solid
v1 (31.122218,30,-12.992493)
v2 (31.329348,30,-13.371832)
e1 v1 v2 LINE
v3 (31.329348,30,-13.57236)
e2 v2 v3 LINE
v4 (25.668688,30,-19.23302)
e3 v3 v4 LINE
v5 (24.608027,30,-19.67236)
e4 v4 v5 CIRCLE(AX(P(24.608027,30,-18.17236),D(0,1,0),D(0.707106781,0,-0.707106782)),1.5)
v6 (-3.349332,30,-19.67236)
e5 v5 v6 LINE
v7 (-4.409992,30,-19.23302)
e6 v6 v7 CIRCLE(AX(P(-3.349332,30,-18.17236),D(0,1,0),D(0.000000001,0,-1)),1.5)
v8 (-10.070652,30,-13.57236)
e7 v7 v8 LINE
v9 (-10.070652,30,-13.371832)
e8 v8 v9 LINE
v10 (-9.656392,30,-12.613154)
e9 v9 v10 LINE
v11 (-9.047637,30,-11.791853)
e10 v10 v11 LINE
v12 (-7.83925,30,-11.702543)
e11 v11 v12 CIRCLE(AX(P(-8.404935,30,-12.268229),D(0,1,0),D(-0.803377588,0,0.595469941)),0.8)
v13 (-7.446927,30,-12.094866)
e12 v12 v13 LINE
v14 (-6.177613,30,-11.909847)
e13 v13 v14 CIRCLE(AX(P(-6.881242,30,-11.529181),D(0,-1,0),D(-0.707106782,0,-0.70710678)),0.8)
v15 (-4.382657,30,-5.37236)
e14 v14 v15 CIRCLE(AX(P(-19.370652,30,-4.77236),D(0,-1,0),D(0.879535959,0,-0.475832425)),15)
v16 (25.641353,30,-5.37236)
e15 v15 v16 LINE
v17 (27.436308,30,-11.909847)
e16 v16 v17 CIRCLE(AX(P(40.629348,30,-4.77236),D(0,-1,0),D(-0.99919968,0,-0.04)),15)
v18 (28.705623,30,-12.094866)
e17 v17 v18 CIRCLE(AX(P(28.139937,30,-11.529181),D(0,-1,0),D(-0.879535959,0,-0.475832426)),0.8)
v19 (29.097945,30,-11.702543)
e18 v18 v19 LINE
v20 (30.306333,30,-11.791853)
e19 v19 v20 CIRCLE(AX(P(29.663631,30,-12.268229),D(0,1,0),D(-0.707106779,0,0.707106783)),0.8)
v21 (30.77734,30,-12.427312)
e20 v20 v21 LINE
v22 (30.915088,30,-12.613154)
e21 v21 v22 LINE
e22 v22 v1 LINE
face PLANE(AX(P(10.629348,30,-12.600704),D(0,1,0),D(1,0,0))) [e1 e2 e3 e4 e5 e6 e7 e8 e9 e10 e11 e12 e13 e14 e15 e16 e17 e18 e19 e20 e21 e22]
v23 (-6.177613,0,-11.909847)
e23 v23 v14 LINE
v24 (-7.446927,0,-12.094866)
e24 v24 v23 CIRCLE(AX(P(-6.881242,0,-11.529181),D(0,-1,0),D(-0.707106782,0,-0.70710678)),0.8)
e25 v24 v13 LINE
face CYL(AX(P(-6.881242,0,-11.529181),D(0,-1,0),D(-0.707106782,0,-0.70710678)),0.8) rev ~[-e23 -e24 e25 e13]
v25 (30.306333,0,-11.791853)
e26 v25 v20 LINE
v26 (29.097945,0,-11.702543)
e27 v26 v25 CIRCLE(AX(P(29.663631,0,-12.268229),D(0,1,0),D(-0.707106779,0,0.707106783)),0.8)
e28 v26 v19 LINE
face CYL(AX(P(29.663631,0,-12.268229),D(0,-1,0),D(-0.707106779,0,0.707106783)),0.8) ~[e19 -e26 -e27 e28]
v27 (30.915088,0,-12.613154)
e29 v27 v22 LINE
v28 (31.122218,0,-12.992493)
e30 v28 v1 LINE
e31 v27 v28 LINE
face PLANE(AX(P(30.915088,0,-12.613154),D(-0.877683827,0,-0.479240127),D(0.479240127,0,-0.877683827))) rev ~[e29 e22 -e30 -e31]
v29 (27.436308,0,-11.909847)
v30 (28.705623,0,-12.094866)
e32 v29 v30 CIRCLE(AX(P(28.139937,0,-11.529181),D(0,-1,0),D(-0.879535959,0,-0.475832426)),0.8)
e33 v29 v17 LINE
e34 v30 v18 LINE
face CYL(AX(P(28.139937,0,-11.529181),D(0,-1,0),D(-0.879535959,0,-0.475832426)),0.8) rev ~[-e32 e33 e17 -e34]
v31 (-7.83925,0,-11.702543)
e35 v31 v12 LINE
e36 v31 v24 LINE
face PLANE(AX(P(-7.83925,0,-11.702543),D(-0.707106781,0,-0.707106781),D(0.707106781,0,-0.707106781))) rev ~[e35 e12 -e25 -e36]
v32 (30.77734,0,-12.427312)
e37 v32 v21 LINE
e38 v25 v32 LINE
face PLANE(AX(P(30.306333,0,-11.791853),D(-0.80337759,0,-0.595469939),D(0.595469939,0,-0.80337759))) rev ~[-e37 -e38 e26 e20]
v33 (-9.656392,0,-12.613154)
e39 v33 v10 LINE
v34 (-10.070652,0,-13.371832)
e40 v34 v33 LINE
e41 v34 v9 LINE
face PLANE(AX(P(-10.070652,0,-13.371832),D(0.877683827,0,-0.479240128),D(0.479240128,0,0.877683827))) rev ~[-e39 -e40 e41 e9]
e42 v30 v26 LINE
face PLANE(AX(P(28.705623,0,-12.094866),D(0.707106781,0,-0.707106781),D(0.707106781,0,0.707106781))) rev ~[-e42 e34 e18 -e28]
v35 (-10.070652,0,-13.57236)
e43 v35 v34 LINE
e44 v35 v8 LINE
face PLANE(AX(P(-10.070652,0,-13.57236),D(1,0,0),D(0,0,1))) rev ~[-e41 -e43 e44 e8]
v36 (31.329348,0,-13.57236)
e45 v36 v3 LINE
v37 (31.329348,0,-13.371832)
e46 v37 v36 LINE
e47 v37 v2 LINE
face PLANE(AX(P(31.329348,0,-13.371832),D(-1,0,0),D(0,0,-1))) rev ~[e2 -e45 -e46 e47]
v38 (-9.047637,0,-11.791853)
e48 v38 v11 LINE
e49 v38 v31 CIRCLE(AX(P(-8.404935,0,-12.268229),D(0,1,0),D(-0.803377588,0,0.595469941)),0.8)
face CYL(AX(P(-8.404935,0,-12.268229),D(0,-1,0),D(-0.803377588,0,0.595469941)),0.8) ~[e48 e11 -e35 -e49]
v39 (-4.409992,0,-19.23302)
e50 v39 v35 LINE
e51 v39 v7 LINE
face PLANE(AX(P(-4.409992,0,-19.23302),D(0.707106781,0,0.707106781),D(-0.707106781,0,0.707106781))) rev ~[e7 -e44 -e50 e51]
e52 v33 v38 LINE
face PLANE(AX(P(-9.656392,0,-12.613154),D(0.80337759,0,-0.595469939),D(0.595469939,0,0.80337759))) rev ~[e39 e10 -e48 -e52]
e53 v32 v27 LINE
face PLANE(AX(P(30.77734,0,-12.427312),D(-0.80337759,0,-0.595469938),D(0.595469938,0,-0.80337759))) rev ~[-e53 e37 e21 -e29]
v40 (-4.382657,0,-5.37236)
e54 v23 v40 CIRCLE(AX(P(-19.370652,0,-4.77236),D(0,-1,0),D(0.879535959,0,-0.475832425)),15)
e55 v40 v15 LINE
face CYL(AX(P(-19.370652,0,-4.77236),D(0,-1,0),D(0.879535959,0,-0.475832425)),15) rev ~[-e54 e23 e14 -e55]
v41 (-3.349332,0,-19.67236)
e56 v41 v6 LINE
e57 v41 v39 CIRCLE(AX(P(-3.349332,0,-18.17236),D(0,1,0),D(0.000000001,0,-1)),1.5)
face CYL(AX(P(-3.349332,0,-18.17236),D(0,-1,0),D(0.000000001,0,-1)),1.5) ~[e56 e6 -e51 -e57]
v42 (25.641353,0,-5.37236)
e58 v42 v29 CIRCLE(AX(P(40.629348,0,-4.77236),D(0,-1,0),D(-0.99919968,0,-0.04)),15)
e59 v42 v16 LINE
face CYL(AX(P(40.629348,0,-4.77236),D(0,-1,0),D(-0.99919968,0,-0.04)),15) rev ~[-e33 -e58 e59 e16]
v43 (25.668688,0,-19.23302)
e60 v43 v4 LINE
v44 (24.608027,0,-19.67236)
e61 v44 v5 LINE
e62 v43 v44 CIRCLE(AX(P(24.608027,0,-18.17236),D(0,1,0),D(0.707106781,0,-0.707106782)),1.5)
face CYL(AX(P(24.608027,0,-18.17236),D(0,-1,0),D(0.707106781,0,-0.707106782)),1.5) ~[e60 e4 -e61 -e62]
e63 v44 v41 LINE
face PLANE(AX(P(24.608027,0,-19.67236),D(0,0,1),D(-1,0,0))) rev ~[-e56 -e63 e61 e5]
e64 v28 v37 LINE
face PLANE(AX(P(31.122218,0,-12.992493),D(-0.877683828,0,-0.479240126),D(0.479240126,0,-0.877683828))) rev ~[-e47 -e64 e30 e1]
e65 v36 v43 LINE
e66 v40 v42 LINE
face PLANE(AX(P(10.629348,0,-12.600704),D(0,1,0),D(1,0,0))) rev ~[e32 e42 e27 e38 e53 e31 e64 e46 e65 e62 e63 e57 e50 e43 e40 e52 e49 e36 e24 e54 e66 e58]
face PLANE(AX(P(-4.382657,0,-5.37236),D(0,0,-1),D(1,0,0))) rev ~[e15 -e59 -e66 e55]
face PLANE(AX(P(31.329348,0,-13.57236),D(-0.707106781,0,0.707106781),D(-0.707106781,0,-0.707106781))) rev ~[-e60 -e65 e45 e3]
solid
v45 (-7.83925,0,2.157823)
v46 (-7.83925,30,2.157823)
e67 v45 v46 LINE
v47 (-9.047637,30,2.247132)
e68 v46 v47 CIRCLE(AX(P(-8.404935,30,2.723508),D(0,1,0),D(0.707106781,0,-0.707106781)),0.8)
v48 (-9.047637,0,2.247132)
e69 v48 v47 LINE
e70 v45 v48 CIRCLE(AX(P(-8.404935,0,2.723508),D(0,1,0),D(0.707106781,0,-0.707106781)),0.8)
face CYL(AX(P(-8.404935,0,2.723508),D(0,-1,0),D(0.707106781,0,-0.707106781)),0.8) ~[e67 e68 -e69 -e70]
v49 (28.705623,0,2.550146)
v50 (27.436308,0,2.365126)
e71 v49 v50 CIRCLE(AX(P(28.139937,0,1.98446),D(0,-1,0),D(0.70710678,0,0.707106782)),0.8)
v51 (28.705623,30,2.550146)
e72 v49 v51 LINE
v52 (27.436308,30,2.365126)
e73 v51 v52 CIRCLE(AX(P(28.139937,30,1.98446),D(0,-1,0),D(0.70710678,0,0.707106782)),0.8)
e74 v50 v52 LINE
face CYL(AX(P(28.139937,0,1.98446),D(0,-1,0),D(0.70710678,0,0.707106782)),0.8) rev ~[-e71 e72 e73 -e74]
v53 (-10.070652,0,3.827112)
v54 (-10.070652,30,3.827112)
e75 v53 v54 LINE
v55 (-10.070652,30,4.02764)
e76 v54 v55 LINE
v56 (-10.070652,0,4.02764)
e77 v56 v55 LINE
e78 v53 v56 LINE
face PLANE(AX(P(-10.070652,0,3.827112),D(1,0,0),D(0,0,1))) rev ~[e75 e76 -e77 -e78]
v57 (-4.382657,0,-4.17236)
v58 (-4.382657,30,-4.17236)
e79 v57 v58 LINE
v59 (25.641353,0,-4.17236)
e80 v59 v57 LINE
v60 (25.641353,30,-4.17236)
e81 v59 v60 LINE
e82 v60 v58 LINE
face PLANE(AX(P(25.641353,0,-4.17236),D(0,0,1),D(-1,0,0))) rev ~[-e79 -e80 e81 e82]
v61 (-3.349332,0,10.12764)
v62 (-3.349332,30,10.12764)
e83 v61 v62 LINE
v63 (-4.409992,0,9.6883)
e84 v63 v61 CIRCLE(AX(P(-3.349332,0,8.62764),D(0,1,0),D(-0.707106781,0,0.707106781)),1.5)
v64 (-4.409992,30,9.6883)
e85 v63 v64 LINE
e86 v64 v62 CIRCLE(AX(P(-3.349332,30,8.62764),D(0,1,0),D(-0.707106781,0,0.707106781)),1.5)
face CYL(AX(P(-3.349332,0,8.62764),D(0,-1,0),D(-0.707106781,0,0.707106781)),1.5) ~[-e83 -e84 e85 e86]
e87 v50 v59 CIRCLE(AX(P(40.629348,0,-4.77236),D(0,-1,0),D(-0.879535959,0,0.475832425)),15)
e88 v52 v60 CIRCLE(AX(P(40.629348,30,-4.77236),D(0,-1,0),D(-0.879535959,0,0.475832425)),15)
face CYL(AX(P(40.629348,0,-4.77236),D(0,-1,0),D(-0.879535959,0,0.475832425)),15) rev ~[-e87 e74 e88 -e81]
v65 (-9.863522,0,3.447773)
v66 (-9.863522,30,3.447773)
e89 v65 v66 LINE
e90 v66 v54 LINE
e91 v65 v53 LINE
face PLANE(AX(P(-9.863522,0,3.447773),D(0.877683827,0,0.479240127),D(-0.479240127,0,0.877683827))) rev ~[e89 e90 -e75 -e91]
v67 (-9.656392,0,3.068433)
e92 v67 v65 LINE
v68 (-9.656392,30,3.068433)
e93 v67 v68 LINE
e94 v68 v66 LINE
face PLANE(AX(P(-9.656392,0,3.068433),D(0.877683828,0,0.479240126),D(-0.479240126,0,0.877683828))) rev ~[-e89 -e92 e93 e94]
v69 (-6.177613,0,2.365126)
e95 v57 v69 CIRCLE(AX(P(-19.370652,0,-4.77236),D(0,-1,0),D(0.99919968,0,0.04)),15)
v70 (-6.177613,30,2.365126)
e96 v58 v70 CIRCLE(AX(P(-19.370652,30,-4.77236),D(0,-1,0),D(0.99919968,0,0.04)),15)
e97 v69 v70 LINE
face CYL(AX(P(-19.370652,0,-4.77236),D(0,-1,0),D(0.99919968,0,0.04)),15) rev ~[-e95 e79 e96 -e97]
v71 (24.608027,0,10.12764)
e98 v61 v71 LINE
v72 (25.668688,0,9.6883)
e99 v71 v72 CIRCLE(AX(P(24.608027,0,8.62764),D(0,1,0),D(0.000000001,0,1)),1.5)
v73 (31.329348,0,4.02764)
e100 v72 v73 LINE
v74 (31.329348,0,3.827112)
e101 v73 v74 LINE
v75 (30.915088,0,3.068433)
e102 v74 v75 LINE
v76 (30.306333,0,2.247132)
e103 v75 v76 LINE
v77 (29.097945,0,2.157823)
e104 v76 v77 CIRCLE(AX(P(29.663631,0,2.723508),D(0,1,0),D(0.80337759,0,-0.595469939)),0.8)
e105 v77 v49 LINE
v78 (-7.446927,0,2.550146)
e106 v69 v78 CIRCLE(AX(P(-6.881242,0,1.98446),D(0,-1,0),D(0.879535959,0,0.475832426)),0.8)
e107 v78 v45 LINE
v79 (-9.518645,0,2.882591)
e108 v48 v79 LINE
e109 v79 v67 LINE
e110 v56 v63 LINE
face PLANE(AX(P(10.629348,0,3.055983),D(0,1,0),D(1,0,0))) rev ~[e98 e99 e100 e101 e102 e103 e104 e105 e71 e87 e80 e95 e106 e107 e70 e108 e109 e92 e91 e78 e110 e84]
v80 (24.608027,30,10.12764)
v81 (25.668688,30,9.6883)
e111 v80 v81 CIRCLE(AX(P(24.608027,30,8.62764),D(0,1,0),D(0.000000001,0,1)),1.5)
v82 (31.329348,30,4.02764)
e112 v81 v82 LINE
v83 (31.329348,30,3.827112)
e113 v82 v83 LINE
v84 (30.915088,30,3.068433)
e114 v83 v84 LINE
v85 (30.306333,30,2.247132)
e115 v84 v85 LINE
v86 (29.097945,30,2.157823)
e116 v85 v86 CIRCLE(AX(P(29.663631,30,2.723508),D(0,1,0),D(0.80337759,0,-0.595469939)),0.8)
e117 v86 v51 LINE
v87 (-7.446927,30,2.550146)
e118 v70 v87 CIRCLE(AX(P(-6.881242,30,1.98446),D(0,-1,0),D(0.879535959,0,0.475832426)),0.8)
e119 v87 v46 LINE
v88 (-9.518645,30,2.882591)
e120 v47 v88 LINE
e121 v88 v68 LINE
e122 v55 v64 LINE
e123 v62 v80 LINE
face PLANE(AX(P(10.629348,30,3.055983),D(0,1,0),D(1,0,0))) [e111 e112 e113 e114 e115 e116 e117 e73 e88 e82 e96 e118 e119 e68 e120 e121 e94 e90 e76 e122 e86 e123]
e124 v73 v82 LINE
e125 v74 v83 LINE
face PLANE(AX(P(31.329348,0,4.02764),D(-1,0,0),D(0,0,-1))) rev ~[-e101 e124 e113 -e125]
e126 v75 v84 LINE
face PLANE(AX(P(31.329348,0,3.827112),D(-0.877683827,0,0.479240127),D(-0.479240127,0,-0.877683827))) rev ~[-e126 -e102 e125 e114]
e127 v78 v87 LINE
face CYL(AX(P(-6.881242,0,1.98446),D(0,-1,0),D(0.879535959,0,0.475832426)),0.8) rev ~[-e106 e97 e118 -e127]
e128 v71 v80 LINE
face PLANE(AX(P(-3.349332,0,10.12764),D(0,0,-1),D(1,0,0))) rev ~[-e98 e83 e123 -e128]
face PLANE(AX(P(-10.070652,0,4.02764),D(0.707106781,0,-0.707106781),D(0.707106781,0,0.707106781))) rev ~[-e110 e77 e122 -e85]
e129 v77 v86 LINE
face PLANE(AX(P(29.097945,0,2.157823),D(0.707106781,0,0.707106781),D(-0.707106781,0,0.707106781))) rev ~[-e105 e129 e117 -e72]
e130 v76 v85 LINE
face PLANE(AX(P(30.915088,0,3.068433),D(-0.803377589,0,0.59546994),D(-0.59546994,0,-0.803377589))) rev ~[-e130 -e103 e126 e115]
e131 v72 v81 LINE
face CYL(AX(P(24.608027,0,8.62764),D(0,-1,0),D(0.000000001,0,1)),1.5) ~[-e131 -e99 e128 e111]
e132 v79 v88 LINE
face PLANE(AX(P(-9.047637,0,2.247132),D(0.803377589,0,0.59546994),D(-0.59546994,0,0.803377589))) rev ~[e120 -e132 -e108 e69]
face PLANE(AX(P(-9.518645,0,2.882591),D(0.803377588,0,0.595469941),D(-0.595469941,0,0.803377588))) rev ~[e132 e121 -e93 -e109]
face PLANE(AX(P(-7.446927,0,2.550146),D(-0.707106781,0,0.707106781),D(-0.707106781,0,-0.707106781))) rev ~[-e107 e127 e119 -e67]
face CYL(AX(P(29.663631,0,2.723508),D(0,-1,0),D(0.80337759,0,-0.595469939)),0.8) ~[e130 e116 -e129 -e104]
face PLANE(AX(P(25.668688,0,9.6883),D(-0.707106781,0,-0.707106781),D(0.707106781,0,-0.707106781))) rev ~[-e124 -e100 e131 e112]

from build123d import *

# Parameters (mm, degrees)
BOSS_EXTRUDE1_DEPTH   = 30
BOSS_EXTRUDE1_2_DEPTH = 30


with BuildPart() as part:
    # Sketch2 → Boss-Extrude1 (new body)
    with BuildSketch(Plane(origin=(0, 0, 0), x_dir=(1, 0, 0), z_dir=(0, 1, 0))):
        with BuildLine():
            Line((-10.070652174, -4.027639752), (-4.409992002, -9.688299923))
            ThreePointArc((-4.409992002, -9.688299923), (-3.923356979, -10.01345905), (-3.34933183, -10.127639752))
            Line((-3.34933183, -10.127639752), (24.608027482, -10.127639752))
            ThreePointArc((24.608027482, -10.127639752), (25.182052631, -10.01345905), (25.668687654, -9.688299923))
            Line((25.668687654, -9.688299923), (31.329347826, -4.027639752))
            Line((31.329347826, -4.027639752), (31.329347826, -3.827111907))
            Line((31.329347826, -3.827111907), (30.915087808, -3.06843312))
            Line((30.915087808, -3.06843312), (30.306332979, -2.247132238))
            ThreePointArc((30.306332979, -2.247132238), (29.722596461, -1.925684234), (29.097945483, -2.157822764))
            Line((29.097945483, -2.157822764), (28.705622633, -2.550145614))
            ThreePointArc((28.705622633, -2.550145614), (28.024545944, -2.776094483), (27.436308441, -2.365126129))
            ThreePointArc((27.436308441, -2.365126129), (26.164654274, 0.800881877), (25.64135263, 4.172360248))
            Line((25.64135263, 4.172360248), (-4.382656977, 4.172360248))
            ThreePointArc((-4.382656977, 4.172360248), (-4.905958622, 0.800881877), (-6.177612789, -2.365126129))
            ThreePointArc((-6.177612789, -2.365126129), (-6.765850292, -2.776094483), (-7.446926981, -2.550145614))
            Line((-7.446926981, -2.550145614), (-7.839249831, -2.157822764))
            ThreePointArc((-7.839249831, -2.157822764), (-8.463900809, -1.925684234), (-9.047637327, -2.247132238))
            Line((-9.047637327, -2.247132238), (-9.518644552, -2.882591098))
            Line((-9.518644552, -2.882591098), (-9.656392156, -3.06843312))
            Line((-9.656392156, -3.06843312), (-9.863522165, -3.447772514))
            Line((-9.863522165, -3.447772514), (-10.070652174, -3.827111907))
            Line((-10.070652174, -3.827111907), (-10.070652174, -4.027639752))
        make_face()
    extrude(amount=BOSS_EXTRUDE1_DEPTH)


with BuildPart() as body_2:
    # Sketch2 → Boss-Extrude1 2 (new body)
    with BuildSketch(Plane(origin=(0, 0, 0), x_dir=(1, 0, 0), z_dir=(0, 1, 0))):
        with BuildLine():
            Line((31.329347826, 13.572360248), (25.668687655, 19.23302042))
            ThreePointArc((25.668687655, 19.23302042), (25.182052631, 19.558179547), (24.608027483, 19.672360248))
            Line((24.608027483, 19.672360248), (-3.34933183, 19.672360248))
            ThreePointArc((-3.34933183, 19.672360248), (-3.923356979, 19.558179547), (-4.409992002, 19.23302042))
            Line((-4.409992002, 19.23302042), (-10.070652174, 13.572360248))
            Line((-10.070652174, 13.572360248), (-10.070652174, 13.371832404))
            Line((-10.070652174, 13.371832404), (-9.656392155, 12.613153617))
            Line((-9.656392155, 12.613153617), (-9.047637327, 11.791852734))
            ThreePointArc((-9.047637327, 11.791852734), (-8.463900808, 11.470404731), (-7.83924983, 11.702543261))
            Line((-7.83924983, 11.702543261), (-7.446926981, 12.09486611))
            ThreePointArc((-7.446926981, 12.09486611), (-6.765850292, 12.32081498), (-6.177612789, 11.909846626))
            ThreePointArc((-6.177612789, 11.909846626), (-4.905958622, 8.743838619), (-4.382656977, 5.372360248))
            Line((-4.382656977, 5.372360248), (25.64135263, 5.372360248))
            ThreePointArc((25.64135263, 5.372360248), (26.164654275, 8.743838618), (27.436308441, 11.909846624))
            ThreePointArc((27.436308441, 11.909846624), (28.024545944, 12.320814978), (28.705622633, 12.094866109))
            Line((28.705622633, 12.094866109), (29.097945483, 11.702543259))
            ThreePointArc((29.097945483, 11.702543259), (29.722596462, 11.47040473), (30.30633298, 11.791852734))
            Line((30.30633298, 11.791852734), (30.777340205, 12.427311595))
            Line((30.777340205, 12.427311595), (30.915087808, 12.613153617))
            Line((30.915087808, 12.613153617), (31.122217817, 12.99249301))
            Line((31.122217817, 12.99249301), (31.329347826, 13.371832404))
            Line((31.329347826, 13.371832404), (31.329347826, 13.572360248))
        make_face()
    extrude(amount=BOSS_EXTRUDE1_2_DEPTH)


solid = Compound([part.part, body_2.part])
